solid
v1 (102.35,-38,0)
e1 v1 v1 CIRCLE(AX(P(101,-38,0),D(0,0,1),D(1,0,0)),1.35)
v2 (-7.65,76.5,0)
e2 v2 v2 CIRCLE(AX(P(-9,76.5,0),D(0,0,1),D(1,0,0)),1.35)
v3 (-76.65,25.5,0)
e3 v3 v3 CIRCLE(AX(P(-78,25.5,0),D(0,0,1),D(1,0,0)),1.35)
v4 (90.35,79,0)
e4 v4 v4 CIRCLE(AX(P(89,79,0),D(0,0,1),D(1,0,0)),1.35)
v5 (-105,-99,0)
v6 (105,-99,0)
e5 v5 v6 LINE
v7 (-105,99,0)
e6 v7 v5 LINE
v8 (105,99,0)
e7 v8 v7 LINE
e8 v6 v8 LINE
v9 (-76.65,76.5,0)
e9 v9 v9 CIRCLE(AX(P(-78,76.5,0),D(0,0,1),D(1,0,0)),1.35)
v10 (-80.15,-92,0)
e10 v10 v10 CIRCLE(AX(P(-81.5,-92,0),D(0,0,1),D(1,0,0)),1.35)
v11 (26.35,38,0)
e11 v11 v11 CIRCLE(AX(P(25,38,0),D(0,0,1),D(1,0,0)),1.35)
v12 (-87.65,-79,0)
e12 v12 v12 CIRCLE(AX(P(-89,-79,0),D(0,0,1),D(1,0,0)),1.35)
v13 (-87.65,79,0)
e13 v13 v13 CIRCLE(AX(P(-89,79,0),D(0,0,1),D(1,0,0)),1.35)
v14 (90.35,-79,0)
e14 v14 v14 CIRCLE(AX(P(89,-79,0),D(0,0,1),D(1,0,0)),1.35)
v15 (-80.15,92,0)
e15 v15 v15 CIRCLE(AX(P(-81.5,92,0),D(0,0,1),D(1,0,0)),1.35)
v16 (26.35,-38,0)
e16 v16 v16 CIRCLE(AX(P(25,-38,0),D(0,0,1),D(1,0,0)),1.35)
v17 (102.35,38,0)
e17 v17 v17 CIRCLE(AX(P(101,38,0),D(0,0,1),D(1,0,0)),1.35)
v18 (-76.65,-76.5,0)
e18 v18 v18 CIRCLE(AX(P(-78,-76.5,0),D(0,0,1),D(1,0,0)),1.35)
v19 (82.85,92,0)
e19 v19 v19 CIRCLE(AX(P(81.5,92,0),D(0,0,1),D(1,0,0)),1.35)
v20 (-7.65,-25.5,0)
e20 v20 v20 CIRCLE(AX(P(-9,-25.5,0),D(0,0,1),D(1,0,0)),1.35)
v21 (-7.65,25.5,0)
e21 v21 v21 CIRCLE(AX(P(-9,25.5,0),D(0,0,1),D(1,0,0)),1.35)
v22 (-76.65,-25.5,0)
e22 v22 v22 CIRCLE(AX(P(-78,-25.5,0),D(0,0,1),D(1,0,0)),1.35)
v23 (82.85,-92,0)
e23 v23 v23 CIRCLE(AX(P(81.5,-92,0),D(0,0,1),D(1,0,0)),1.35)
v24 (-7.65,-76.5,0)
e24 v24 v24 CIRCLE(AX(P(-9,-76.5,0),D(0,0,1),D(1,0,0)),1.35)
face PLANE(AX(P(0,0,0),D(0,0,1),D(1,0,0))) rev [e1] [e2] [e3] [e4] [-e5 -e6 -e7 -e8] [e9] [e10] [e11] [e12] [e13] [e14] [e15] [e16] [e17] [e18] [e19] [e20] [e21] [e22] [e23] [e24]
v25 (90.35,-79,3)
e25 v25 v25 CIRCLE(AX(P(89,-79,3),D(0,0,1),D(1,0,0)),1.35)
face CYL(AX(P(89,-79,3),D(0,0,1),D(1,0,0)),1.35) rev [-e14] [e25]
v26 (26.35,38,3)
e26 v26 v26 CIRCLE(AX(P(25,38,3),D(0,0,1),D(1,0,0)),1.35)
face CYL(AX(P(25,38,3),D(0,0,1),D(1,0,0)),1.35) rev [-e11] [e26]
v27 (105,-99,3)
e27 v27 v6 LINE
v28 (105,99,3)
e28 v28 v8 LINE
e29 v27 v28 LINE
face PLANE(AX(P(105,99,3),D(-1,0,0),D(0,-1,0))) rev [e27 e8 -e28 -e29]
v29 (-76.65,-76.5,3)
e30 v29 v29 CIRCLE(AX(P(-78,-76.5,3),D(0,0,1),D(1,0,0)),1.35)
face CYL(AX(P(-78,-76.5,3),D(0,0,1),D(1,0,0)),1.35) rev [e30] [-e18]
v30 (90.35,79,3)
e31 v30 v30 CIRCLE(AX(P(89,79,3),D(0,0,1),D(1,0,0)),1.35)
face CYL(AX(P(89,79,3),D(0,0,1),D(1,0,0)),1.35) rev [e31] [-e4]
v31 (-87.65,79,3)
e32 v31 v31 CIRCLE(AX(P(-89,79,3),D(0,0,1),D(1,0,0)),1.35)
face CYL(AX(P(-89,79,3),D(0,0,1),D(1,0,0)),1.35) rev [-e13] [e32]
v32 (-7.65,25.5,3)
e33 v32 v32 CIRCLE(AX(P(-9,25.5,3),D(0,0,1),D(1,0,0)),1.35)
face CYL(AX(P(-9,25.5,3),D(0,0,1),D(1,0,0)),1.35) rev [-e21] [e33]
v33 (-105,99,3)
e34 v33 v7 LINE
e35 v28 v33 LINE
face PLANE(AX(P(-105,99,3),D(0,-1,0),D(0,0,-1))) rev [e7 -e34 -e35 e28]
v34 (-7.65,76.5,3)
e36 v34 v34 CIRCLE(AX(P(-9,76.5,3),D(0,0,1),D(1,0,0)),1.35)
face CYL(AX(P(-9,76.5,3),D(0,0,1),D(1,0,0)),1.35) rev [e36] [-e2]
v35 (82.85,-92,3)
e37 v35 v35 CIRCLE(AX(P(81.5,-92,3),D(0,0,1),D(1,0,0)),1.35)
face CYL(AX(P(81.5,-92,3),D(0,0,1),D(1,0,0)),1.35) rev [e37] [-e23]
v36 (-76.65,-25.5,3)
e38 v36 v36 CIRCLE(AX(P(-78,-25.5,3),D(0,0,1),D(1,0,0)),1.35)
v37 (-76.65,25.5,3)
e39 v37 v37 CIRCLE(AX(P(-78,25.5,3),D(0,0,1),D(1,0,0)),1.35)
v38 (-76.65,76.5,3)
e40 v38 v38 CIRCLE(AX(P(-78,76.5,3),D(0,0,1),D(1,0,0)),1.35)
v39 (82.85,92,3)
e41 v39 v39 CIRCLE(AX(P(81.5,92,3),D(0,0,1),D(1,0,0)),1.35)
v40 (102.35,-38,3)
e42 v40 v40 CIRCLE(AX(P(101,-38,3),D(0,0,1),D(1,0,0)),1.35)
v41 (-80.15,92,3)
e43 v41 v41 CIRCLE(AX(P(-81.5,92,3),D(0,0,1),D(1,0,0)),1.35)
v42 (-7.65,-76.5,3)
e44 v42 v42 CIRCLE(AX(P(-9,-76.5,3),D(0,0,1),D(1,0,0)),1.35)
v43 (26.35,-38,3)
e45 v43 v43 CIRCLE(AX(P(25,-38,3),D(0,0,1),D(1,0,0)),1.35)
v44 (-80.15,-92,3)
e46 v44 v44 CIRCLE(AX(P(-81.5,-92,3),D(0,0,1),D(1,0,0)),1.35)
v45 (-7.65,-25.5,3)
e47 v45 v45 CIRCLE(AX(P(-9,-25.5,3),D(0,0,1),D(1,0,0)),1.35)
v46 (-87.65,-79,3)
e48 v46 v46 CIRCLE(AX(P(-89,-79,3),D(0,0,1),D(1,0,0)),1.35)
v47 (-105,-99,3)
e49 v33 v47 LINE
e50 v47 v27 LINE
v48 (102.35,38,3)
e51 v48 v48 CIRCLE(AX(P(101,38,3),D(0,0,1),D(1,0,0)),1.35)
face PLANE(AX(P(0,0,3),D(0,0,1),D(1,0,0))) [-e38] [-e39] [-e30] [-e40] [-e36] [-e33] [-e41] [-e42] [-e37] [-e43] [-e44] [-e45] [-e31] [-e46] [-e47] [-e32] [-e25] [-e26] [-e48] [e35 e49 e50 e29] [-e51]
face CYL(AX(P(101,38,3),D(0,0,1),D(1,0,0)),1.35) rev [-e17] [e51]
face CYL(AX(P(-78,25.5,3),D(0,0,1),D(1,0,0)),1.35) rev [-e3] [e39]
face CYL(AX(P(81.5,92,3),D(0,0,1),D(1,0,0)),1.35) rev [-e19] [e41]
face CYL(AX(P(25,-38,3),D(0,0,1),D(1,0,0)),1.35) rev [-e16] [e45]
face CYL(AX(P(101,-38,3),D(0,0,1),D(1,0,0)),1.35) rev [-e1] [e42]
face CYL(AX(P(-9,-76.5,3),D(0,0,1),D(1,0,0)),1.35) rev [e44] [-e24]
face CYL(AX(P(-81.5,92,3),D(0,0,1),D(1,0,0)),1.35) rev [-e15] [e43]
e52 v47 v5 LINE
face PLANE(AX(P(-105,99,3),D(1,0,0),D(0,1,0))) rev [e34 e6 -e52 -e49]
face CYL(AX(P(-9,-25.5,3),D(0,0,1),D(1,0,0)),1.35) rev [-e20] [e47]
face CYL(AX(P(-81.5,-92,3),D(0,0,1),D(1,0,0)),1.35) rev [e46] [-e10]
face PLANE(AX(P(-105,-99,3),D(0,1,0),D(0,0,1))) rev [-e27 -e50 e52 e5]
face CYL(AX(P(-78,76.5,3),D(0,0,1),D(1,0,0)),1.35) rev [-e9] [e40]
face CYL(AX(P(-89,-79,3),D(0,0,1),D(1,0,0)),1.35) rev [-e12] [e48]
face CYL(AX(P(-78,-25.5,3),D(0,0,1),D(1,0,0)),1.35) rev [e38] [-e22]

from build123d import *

# Parameters (mm, degrees)
ESQUISSE1_W            = 210
ESQUISSE1_H            = 198
BOSS_EXTRU_1_DEPTH     = 3
D_GAGEMENT_M2_51_D     = 2.7
D_GAGEMENT_M2_51_DEPTH = 3


with BuildPart() as part:
    # Esquisse1 → Boss.-Extru.1 (new body)
    with BuildSketch(Plane.XY):
        Rectangle(ESQUISSE1_W, ESQUISSE1_H)
    extrude(amount=BOSS_EXTRU_1_DEPTH)

    # Dégagement M2.51
    with Locations(Plane.XY.offset(3)):
        with Locations((-81.5, -92), (-89, -79), (-78, -76.5), (-78, -25.5), (-9, -76.5), (-9, -25.5), (-9, 25.5), (-78, 25.5), (-78, 76.5), (-89, 79), (-81.5, 92), (25, 38), (25, -38), (101, -38), (101, 38), (89, 79), (81.5, 92), (81.5, -92), (89, -79), (-9, 76.5)):
            Hole(D_GAGEMENT_M2_51_D / 2, depth=D_GAGEMENT_M2_51_DEPTH)


solid = part.part
